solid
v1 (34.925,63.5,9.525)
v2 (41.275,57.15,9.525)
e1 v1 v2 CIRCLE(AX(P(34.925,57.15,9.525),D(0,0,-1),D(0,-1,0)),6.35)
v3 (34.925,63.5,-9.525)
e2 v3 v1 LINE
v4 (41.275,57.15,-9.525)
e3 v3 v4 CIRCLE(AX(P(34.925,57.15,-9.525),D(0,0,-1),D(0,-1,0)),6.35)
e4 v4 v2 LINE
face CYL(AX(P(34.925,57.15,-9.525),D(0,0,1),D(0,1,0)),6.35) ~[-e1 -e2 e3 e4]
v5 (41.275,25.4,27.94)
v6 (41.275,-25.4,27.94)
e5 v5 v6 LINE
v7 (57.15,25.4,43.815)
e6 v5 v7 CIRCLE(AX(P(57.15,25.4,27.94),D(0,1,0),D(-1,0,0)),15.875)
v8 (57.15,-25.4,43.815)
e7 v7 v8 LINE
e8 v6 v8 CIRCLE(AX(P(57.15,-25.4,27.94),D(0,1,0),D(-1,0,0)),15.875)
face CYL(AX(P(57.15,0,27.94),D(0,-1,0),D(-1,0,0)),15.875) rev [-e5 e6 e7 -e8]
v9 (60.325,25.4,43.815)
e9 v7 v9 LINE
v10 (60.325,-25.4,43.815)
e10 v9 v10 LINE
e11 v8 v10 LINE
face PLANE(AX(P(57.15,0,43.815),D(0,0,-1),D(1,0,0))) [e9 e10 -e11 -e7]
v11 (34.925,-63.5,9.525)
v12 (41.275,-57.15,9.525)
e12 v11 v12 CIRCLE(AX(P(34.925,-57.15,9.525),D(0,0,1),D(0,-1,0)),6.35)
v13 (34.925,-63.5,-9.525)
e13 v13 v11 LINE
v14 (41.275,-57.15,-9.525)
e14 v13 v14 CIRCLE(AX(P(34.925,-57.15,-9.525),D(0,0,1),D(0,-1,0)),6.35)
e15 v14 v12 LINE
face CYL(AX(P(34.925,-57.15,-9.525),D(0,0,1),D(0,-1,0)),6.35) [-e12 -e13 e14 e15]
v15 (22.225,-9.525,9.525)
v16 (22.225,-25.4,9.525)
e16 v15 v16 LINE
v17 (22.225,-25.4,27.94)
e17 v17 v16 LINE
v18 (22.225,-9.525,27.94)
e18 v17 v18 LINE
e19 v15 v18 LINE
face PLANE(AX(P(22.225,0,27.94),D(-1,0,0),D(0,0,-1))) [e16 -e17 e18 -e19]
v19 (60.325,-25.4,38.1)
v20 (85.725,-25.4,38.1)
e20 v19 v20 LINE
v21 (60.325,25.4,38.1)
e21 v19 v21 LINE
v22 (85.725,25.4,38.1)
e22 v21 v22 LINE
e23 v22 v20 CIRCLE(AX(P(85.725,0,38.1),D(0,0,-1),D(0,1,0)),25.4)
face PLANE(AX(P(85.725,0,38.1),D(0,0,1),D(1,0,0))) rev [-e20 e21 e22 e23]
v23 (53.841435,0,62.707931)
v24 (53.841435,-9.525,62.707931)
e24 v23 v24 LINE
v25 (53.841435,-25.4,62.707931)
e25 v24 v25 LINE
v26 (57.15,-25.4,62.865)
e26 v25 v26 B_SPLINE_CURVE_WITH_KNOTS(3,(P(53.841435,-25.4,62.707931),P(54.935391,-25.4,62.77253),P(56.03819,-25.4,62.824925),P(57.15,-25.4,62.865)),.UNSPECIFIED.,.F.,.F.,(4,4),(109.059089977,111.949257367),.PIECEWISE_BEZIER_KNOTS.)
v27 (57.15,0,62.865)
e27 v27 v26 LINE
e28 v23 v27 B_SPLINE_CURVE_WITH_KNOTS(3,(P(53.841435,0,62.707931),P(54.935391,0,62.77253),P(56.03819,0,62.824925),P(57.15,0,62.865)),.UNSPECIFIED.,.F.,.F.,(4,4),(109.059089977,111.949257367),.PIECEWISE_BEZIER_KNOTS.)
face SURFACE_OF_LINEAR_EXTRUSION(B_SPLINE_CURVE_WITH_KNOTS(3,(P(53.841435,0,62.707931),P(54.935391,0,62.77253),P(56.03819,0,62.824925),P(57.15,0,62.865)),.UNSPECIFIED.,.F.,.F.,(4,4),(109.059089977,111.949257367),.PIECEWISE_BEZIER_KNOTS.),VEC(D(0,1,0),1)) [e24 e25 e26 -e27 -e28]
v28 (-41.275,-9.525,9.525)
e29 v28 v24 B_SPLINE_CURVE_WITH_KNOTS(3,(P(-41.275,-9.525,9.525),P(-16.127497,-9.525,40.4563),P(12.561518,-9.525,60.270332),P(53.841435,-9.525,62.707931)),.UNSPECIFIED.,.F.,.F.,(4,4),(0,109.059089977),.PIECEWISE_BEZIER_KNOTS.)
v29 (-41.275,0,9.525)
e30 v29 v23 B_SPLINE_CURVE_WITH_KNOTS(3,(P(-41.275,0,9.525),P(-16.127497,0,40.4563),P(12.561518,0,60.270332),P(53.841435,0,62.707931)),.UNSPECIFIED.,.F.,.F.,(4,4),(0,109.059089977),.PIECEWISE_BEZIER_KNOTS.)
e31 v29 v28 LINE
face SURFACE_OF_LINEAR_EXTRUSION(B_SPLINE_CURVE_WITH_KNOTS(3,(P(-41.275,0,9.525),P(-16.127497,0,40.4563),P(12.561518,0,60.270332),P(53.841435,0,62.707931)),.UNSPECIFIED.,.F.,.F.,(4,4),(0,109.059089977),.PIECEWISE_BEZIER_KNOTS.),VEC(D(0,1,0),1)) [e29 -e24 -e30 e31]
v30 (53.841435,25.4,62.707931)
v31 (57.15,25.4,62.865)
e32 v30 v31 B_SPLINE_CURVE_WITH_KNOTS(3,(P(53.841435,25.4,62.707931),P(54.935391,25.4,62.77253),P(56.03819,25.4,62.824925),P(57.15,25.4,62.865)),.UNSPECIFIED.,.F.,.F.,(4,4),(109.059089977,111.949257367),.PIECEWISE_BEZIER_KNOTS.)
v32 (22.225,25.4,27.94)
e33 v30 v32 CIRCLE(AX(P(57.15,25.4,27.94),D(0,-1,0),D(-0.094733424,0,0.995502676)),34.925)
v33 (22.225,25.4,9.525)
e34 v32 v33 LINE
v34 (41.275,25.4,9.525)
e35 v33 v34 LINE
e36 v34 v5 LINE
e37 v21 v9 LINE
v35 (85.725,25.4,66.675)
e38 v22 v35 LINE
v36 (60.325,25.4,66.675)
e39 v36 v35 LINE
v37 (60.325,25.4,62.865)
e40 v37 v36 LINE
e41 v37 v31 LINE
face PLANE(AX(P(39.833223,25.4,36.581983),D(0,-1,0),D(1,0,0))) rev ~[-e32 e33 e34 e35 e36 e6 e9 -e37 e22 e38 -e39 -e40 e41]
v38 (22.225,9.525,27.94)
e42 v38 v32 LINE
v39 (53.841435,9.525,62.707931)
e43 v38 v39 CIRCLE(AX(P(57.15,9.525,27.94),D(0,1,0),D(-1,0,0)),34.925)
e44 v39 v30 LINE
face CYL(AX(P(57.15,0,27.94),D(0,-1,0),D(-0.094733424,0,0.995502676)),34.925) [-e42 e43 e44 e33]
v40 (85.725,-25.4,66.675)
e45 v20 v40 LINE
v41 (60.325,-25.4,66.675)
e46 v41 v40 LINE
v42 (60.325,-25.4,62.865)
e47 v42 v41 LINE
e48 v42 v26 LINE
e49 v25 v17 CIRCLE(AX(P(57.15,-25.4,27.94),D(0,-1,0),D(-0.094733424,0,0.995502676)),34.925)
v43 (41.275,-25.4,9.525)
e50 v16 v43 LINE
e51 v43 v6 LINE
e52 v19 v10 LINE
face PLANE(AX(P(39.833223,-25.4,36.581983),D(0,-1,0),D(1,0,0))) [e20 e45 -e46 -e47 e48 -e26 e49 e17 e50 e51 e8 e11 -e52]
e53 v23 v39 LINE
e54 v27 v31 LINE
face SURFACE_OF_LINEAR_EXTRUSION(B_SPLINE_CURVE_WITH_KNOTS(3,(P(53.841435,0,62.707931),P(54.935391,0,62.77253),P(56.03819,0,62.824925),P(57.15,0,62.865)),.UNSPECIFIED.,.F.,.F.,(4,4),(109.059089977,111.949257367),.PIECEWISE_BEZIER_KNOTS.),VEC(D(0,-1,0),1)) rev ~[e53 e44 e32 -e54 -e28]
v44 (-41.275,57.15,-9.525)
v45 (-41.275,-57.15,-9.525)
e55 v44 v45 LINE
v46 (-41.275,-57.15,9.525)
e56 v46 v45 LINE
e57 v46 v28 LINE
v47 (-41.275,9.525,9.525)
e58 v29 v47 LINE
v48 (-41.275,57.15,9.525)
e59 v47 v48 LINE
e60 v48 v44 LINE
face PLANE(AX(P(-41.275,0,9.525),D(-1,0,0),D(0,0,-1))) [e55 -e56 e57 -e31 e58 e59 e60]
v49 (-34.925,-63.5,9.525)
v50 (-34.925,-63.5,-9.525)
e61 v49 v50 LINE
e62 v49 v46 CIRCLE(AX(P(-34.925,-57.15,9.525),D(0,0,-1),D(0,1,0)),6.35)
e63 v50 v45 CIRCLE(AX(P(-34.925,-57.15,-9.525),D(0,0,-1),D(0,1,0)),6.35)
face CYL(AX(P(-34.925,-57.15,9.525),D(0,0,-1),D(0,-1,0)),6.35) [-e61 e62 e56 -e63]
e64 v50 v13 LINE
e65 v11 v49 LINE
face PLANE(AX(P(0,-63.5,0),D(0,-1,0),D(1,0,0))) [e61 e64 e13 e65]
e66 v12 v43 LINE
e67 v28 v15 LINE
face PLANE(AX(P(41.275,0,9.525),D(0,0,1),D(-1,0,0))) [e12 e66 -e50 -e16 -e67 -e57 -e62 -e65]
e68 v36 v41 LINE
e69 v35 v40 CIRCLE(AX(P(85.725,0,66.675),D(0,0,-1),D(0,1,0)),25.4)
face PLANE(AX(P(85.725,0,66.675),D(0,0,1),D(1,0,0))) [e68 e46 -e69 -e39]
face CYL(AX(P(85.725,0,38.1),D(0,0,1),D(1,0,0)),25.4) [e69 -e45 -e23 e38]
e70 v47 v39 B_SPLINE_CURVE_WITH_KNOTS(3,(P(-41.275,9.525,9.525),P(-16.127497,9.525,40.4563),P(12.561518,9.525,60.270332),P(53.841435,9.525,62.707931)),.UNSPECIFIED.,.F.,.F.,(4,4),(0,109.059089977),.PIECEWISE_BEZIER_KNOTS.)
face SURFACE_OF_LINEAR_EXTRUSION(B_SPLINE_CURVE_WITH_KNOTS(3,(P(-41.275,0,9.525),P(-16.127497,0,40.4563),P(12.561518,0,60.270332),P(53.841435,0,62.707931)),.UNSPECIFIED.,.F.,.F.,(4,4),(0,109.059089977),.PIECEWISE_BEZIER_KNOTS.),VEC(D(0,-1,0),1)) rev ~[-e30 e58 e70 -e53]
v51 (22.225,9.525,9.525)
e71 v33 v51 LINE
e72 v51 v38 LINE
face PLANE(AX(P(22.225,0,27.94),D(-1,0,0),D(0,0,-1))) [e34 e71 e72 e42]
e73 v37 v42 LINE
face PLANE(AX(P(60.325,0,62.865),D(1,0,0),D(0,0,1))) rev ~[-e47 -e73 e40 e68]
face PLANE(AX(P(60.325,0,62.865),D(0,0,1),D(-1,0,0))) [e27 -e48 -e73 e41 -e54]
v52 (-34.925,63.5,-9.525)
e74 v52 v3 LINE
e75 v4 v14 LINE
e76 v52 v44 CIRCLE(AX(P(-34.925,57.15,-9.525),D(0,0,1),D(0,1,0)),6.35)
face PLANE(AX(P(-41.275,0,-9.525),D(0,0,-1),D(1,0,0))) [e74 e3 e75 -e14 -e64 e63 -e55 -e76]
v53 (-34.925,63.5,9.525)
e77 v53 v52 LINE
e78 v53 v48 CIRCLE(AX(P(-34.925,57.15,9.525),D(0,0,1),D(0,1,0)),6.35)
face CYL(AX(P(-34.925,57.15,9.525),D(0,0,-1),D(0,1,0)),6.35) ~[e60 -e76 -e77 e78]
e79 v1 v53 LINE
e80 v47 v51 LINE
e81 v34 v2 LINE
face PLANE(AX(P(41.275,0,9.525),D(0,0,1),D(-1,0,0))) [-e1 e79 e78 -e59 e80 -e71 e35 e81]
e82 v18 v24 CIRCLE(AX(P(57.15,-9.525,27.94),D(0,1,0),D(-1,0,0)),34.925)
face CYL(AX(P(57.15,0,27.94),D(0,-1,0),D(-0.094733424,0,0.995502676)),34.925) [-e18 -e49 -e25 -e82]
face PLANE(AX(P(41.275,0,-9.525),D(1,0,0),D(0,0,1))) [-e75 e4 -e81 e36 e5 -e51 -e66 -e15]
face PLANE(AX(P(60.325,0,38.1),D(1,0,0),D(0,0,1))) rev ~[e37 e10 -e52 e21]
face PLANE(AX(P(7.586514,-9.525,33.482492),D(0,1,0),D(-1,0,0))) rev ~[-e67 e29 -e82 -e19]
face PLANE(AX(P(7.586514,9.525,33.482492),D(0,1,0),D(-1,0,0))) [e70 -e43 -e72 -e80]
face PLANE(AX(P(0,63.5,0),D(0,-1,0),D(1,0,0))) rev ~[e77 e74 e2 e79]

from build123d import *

# Parameters (mm, degrees)
F1_DEPTH = 63.5
F0_W     = 25.4
F0_H     = 5.715
F0_H_2   = 3.81
F0_H_3   = 19.05
F2_DEPTH = 25.4
F3_DEPTH = 9.525
F5_R     = 6.35


with BuildPart() as f1:
    # F0 (on Front) → F1 (new body, symmetric)
    with BuildSketch(Plane.XZ):
        Polygon((22.225, 9.525), (-41.275, 9.525), (-41.275, -9.525), (41.275, -9.525), (41.275, 9.525), align=None)
    extrude(amount=F1_DEPTH, both=True)

    # F0 (on Front) → F2 (join, symmetric)
    with BuildSketch(Plane.XZ):
        with BuildLine():
            Line((22.225, 27.94), (22.225, 9.525))
            Line((22.225, 9.525), (41.275, 9.525))
            Line((41.275, 9.525), (41.275, 27.94))
            ThreePointArc((41.275, 27.94), (45.9246798487, 39.1653201513), (57.15, 43.815))
            Line((57.15, 43.815), (60.325, 43.815))
            Line((60.325, 43.815), (60.325, 62.865))
            Line((60.325, 62.865), (57.15, 62.865))
            add(Edge.make_bspline(
                [(53.8414351699, 62.7079309676), (54.9353913903, 62.7725296007), (56.0381901925, 62.8249247758), (57.15, 62.865)],
                knots=[109.0590899765, 109.0590899765, 109.0590899765, 109.0590899765, 111.9492573669, 111.9492573669, 111.9492573669, 111.9492573669], degree=3))
            ThreePointArc((53.8414351699, 62.7079309676), (31.3110057114, 51.4368508348), (22.225, 27.94))
        make_face()
        with Locations((73.025, 40.9575)):
            Rectangle(F0_W, F0_H)
        with Locations((73.025, 64.77)):
            Rectangle(F0_W, F0_H_2)
        with Locations((73.025, 53.34)):
            Rectangle(F0_W, F0_H_3)
    extrude(amount=F2_DEPTH, both=True)

    # F0 (on Front) → F3 (join, symmetric)
    with BuildSketch(Plane.XZ):
        with BuildLine():
            add(Edge.make_bspline(
                [(-41.275, 9.525), (-16.1274971076, 40.4562996606), (12.5615182112, 60.2703323134), (53.8414351699, 62.7079309676)],
                knots=[0, 0, 0, 0, 109.0590899765, 109.0590899765, 109.0590899765, 109.0590899765], degree=3))
            Line((-41.275, 9.525), (22.225, 9.525))
            Line((22.225, 9.525), (22.225, 27.94))
            ThreePointArc((22.225, 27.94), (31.3110057114, 51.4368508348), (53.8414351699, 62.7079309676))
        make_face()
    extrude(amount=F3_DEPTH, both=True)

    # F0 (on Front) → F4 (revolve)
    with BuildSketch(Plane.XZ):
        Polygon((85.725, 66.675), (85.725, 62.865), (85.725, 43.815), (85.725, 38.1), (111.125, 38.1), (111.125, 66.675), align=None)
    revolve(axis=Axis((85.725, 0, 52.3875), (0, 0, 1)))

    # F5
    f5_edges = [f1.edges().sort_by_distance(p)[0] for p in [
        (-41.275, 63.5, 0),
        (41.275, 63.5, 0),
        (41.275, -63.5, 0),
        (-41.275, -63.5, 0),
    ]]
    fillet(f5_edges, radius=F5_R)


solid = f1.part
